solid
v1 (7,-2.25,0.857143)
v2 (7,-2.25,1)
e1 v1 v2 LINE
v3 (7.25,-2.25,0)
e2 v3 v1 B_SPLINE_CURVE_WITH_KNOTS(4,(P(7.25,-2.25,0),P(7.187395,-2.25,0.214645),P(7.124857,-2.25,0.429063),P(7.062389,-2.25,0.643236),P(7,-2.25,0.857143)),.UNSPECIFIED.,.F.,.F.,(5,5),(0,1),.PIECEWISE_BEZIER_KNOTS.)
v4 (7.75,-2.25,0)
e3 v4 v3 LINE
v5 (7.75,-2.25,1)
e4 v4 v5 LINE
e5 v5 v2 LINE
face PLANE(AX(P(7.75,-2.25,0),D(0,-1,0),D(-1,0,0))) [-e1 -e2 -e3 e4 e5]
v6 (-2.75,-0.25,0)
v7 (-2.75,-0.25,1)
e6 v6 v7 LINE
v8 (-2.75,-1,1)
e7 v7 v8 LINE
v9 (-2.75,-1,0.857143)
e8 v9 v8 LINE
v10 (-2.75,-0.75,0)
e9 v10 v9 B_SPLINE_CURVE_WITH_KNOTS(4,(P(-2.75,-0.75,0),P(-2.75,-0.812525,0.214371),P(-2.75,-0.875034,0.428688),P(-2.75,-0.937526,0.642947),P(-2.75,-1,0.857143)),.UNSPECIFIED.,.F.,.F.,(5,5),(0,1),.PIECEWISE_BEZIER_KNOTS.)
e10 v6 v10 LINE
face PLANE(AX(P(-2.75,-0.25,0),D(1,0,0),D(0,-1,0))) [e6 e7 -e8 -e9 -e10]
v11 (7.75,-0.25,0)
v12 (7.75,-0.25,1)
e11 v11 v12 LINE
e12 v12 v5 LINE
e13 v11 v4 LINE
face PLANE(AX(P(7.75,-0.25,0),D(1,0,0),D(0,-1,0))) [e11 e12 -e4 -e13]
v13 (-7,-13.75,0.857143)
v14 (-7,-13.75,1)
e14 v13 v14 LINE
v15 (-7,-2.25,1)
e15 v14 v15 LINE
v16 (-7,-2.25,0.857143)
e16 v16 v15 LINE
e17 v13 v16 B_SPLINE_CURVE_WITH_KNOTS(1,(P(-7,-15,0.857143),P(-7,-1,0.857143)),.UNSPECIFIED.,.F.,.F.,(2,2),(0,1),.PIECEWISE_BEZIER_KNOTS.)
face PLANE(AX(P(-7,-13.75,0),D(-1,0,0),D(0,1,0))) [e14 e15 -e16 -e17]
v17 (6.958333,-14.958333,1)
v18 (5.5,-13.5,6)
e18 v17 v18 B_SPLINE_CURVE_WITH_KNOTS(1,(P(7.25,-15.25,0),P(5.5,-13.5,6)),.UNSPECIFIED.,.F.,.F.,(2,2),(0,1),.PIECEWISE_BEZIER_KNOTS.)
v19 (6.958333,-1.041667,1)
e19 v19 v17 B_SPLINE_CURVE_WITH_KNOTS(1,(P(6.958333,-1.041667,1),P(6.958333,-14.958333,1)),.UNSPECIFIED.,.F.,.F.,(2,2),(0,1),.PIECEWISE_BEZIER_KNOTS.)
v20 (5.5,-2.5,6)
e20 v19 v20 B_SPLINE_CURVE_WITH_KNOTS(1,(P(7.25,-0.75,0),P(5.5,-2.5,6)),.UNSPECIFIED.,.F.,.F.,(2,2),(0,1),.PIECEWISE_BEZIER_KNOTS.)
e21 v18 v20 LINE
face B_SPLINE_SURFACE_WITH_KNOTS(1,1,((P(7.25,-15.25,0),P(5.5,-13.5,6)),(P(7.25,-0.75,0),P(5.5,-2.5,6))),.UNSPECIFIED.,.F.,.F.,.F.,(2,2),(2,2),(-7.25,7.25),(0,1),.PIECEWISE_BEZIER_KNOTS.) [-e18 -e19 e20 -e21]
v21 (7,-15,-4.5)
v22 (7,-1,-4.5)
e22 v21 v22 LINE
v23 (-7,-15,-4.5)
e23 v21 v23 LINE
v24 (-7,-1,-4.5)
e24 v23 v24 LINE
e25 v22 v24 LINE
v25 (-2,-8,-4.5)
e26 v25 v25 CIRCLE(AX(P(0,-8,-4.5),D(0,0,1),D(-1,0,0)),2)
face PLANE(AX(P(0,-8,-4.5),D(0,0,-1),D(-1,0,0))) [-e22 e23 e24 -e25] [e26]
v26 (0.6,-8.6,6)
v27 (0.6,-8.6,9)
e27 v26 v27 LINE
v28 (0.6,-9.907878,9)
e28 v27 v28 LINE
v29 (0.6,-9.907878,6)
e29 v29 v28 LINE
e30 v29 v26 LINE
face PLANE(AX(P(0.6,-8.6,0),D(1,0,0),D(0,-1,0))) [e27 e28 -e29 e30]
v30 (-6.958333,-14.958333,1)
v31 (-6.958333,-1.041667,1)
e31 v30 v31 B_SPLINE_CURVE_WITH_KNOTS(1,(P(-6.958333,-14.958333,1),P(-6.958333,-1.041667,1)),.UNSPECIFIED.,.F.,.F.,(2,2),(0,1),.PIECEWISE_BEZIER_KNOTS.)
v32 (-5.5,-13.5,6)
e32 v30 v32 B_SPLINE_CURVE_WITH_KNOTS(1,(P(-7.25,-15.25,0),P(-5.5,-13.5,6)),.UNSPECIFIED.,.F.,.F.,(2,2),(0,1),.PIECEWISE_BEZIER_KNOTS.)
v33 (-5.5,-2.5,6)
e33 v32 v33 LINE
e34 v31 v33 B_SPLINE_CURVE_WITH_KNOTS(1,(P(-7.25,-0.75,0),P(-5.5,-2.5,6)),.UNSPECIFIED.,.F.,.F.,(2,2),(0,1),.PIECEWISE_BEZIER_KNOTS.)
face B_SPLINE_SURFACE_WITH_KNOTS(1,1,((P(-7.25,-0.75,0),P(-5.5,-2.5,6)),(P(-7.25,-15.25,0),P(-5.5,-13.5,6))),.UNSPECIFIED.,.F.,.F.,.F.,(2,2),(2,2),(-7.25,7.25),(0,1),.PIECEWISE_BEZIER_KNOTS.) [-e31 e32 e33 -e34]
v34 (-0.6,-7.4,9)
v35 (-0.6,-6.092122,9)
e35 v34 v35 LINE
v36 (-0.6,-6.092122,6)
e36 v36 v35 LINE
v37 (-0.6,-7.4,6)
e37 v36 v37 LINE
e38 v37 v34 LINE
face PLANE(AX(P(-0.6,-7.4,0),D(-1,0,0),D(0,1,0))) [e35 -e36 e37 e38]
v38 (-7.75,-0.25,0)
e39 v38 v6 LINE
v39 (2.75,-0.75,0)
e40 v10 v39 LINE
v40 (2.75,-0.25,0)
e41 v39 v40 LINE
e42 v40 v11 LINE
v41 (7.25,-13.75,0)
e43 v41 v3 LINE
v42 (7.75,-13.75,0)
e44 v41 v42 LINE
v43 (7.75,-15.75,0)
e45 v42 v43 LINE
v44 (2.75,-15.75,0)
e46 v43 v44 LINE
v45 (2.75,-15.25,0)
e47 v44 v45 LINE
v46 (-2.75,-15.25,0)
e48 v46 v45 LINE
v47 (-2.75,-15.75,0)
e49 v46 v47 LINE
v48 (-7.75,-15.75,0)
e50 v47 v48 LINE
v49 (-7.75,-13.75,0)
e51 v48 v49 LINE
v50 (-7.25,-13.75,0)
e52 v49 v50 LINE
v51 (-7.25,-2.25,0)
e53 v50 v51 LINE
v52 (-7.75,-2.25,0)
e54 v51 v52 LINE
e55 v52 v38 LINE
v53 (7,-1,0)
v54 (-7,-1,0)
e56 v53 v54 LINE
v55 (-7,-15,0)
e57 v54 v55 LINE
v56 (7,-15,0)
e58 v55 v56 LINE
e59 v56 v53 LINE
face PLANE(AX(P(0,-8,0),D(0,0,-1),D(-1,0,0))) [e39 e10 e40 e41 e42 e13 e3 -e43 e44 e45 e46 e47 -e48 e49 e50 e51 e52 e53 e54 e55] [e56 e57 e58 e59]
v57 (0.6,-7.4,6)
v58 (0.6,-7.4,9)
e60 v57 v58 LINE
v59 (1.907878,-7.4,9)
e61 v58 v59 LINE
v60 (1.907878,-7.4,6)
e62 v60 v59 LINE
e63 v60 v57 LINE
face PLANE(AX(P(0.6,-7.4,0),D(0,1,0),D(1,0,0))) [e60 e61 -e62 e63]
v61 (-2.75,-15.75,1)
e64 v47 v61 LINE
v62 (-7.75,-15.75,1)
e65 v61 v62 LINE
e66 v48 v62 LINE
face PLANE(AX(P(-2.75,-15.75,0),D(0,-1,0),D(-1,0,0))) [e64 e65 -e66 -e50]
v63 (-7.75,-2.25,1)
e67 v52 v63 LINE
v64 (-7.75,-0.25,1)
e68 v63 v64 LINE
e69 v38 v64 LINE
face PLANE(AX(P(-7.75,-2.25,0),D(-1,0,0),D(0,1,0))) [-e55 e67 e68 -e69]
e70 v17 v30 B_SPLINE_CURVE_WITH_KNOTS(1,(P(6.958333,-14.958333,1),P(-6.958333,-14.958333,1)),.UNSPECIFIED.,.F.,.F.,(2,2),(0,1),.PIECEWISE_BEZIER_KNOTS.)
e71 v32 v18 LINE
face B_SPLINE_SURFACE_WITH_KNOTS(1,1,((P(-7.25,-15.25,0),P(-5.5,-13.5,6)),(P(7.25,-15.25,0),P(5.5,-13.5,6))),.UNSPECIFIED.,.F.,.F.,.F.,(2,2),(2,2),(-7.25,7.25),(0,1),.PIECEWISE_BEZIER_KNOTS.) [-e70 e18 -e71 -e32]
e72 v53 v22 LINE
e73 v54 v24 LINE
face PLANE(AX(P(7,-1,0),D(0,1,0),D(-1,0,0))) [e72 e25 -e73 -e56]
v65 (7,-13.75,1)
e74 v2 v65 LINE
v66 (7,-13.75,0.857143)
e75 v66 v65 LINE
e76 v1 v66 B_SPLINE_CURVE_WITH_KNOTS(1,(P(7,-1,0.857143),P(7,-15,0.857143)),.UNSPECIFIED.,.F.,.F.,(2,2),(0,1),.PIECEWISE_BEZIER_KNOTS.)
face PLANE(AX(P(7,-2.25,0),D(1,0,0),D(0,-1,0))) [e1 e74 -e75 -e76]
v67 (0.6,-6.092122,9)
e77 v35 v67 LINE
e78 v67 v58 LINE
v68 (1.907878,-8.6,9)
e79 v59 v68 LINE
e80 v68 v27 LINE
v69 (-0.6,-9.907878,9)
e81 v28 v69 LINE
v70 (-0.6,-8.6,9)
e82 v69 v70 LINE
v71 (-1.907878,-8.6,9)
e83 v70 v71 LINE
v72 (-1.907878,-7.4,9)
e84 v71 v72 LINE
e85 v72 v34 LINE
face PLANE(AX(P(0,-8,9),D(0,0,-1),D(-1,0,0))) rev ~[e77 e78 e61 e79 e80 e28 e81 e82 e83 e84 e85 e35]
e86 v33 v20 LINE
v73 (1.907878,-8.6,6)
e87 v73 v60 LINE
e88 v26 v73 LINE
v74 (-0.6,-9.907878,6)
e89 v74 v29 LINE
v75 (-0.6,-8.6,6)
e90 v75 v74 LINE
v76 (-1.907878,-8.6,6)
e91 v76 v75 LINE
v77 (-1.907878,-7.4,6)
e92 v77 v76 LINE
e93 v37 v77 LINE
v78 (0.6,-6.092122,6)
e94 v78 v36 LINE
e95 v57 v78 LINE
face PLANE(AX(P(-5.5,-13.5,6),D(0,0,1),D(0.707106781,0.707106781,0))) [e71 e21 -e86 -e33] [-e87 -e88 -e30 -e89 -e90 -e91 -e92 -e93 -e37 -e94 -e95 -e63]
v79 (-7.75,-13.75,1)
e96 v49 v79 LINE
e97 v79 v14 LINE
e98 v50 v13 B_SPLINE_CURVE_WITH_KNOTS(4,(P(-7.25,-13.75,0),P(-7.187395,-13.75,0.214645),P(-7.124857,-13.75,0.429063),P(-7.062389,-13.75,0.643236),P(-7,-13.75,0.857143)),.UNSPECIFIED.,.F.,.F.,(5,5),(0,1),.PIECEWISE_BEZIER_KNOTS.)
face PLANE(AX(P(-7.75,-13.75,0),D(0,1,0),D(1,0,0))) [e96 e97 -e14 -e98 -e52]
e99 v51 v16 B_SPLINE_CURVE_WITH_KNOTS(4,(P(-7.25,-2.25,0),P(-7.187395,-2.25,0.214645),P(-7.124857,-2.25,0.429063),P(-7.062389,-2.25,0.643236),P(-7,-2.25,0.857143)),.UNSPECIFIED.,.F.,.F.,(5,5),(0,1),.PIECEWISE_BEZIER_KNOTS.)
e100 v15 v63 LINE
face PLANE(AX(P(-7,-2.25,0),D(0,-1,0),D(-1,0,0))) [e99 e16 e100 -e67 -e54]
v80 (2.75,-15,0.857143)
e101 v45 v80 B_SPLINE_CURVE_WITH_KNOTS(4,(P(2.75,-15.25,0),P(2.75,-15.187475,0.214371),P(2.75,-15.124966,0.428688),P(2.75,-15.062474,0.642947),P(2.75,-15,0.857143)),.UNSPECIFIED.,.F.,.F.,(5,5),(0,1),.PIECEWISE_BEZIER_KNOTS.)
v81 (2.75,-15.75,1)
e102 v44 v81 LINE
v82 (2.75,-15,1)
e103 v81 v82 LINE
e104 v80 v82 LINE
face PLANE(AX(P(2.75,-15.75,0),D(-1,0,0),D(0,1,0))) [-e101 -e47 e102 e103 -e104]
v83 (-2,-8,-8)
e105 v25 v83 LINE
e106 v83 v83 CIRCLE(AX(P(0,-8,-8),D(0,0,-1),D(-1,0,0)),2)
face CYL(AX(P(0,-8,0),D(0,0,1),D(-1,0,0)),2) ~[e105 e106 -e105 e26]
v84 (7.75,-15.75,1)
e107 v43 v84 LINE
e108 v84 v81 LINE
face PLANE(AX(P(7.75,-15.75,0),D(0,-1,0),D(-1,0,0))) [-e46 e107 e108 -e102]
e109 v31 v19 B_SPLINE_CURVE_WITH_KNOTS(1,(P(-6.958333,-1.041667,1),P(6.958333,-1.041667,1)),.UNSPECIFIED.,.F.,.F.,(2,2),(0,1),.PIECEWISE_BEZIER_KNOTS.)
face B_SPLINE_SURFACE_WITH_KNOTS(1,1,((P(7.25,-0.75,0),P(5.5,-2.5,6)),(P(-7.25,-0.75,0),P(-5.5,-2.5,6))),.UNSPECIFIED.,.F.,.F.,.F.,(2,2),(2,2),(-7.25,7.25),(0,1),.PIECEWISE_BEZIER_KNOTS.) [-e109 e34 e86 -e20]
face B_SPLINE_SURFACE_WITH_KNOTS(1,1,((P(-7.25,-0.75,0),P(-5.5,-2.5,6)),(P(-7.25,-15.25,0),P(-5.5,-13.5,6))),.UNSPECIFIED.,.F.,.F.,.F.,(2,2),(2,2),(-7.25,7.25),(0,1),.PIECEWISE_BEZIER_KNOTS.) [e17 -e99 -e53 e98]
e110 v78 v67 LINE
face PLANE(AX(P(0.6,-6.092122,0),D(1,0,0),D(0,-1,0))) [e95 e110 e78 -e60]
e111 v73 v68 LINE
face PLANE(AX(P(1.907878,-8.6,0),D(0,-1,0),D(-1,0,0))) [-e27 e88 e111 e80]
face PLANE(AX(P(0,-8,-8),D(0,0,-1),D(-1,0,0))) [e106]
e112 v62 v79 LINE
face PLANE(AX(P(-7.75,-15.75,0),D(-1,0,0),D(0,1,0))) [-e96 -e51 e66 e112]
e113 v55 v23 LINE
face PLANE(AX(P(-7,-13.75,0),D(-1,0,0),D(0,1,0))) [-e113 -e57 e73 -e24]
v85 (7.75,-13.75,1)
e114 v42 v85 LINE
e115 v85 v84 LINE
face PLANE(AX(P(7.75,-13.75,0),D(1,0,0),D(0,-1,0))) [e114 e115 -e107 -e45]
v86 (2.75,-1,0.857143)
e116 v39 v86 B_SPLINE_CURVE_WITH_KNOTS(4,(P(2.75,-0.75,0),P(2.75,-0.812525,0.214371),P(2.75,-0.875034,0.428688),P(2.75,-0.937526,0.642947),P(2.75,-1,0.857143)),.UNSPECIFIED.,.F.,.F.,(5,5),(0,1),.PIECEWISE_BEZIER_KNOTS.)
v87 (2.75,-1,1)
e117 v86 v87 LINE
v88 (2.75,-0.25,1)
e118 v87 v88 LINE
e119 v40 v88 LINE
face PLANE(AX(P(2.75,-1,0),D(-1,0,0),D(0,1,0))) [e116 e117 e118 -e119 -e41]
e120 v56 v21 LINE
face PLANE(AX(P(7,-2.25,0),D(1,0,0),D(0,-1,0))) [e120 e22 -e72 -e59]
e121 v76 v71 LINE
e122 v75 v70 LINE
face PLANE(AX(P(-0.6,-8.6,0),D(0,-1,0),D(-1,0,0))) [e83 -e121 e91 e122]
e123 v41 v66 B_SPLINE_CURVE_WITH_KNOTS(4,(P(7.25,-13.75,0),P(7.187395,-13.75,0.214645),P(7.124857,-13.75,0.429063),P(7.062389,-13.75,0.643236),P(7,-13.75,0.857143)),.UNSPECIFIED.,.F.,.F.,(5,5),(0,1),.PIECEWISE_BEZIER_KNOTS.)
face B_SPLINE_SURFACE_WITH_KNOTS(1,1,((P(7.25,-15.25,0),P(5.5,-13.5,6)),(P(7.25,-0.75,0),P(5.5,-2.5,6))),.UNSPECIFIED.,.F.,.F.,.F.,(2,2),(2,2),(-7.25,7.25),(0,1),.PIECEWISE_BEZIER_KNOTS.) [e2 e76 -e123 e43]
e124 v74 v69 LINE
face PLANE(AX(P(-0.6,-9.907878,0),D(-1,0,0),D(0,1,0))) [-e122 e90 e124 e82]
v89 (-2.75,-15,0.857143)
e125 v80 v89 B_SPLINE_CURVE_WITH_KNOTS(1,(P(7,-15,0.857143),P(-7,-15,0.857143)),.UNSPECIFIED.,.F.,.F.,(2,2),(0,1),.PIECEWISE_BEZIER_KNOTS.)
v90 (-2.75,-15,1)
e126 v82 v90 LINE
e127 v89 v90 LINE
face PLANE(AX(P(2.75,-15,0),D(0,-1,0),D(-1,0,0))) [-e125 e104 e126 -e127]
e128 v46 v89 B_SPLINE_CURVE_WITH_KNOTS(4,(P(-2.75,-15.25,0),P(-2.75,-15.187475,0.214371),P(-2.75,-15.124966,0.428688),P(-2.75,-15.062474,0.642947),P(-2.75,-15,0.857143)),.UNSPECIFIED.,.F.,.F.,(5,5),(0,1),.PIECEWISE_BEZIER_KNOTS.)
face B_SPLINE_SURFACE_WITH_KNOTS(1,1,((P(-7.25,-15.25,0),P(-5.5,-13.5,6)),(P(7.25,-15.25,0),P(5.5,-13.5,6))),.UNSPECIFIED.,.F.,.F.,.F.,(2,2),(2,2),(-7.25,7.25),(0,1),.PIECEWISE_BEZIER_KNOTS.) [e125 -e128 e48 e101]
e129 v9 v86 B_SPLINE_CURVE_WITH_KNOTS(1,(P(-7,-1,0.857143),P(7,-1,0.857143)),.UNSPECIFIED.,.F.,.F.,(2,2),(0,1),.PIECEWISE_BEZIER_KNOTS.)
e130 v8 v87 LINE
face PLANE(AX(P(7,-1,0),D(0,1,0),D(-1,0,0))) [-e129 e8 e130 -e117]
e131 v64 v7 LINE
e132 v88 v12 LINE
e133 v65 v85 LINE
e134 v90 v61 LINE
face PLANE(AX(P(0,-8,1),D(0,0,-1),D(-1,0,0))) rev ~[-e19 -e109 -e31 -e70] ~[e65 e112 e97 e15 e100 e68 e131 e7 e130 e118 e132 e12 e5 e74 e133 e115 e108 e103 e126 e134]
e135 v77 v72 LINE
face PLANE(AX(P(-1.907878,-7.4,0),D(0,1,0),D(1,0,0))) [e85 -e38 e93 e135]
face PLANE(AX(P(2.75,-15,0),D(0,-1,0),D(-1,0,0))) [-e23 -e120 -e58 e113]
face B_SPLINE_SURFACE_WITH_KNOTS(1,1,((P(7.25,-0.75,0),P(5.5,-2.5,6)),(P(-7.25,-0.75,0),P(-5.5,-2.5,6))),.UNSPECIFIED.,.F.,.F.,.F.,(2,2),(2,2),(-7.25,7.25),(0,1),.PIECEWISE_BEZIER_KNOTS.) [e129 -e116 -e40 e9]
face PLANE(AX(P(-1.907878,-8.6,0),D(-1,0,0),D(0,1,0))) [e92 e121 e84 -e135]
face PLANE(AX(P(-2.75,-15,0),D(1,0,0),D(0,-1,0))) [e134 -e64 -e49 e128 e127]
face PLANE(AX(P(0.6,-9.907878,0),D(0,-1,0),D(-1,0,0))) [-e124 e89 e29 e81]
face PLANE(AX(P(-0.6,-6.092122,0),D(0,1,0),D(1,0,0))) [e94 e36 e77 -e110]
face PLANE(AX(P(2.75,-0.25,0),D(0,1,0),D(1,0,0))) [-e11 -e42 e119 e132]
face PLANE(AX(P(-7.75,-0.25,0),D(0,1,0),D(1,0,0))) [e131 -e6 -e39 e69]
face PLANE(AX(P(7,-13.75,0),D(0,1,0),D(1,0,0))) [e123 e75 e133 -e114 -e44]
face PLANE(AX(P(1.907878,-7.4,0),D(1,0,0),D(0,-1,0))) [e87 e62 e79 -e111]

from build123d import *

# Parameters (mm, degrees)
BOX017_W          = 14
BOX017_H          = 14
BOX017_DEPTH      = 4.5
CYLINDER095_R     = 2
CYLINDER095_DEPTH = 8
PAD089_DEPTH      = 1
SKETCH155_W       = 14.5
SKETCH155_H       = 14.5
SKETCH156_W       = 11
SKETCH156_H       = 11
PAD090_DEPTH      = 9
SKETCH158_W       = 7.5
SKETCH158_H       = 6
PAD092_DEPTH      = 1


with BuildPart() as part:
    # Box017 → Box017 (join)
    with BuildSketch(Plane(origin=(7, -7, 0), x_dir=(-1, 0, 0), z_dir=(0, 0, -1))):
        with Locations((7, 7)):
            Rectangle(BOX017_W, BOX017_H)
    extrude(amount=BOX017_DEPTH)

    # Cylinder095 → Cylinder095 (join)
    with BuildSketch(Plane(origin=(0, 0, 0), x_dir=(-1, 0, 0), z_dir=(0, 0, -1))):
        Circle(CYLINDER095_R)
    extrude(amount=CYLINDER095_DEPTH)

    # Sketch154 → Pad089 (join)
    with BuildSketch(Plane.XY):
        Polygon((-7.75, 5.75), (-7.75, 7.75), (-2.75, 7.75), (-2.75, 7), (2.75, 7), (2.75, 7.75), (7.75, 7.75), (7.75, 5.75), (7, 5.75), (7, -5.75), (7.75, -5.75), (7.75, -7.75), (2.75, -7.75), (2.75, -7), (-2.75, -7), (-2.75, -7.75), (-7.75, -7.75), (-7.75, -5.75), (-7, -5.75), (-7, 5.75), align=None)
    extrude(amount=PAD089_DEPTH)

    # Sketch155 → AdditiveLoft002 section 0
    with BuildSketch(Plane.XY):
        Rectangle(SKETCH155_W, SKETCH155_H)
    # Sketch156 → AdditiveLoft002 section 1
    with BuildSketch(Plane.XY.offset(6)):
        Rectangle(SKETCH156_W, SKETCH156_H)
    loft()

    # Sketch157 → Pad090 (join)
    with BuildSketch(Plane.XY):
        Polygon((-0.6, 1.907878), (0.6, 1.907878), (0.6, 0.6), (1.907878, 0.6), (1.907878, -0.6), (0.6, -0.6), (0.6, -1.907878), (-0.6, -1.907878), (-0.6, -0.6), (-1.907878, -0.6), (-1.907878, 0.6), (-0.6, 0.6), align=None)
    extrude(amount=PAD090_DEPTH)

    # Sketch158 → Pad092 (join)
    with BuildSketch(Plane.XY.offset(5)):
        Rectangle(SKETCH158_W, SKETCH158_H)
    extrude(amount=PAD092_DEPTH)


with BuildPart() as part_1:
    # Body181002 placement: moved
    add(part.part.moved(Location((0, -8, 0))))


solid = part_1.part
